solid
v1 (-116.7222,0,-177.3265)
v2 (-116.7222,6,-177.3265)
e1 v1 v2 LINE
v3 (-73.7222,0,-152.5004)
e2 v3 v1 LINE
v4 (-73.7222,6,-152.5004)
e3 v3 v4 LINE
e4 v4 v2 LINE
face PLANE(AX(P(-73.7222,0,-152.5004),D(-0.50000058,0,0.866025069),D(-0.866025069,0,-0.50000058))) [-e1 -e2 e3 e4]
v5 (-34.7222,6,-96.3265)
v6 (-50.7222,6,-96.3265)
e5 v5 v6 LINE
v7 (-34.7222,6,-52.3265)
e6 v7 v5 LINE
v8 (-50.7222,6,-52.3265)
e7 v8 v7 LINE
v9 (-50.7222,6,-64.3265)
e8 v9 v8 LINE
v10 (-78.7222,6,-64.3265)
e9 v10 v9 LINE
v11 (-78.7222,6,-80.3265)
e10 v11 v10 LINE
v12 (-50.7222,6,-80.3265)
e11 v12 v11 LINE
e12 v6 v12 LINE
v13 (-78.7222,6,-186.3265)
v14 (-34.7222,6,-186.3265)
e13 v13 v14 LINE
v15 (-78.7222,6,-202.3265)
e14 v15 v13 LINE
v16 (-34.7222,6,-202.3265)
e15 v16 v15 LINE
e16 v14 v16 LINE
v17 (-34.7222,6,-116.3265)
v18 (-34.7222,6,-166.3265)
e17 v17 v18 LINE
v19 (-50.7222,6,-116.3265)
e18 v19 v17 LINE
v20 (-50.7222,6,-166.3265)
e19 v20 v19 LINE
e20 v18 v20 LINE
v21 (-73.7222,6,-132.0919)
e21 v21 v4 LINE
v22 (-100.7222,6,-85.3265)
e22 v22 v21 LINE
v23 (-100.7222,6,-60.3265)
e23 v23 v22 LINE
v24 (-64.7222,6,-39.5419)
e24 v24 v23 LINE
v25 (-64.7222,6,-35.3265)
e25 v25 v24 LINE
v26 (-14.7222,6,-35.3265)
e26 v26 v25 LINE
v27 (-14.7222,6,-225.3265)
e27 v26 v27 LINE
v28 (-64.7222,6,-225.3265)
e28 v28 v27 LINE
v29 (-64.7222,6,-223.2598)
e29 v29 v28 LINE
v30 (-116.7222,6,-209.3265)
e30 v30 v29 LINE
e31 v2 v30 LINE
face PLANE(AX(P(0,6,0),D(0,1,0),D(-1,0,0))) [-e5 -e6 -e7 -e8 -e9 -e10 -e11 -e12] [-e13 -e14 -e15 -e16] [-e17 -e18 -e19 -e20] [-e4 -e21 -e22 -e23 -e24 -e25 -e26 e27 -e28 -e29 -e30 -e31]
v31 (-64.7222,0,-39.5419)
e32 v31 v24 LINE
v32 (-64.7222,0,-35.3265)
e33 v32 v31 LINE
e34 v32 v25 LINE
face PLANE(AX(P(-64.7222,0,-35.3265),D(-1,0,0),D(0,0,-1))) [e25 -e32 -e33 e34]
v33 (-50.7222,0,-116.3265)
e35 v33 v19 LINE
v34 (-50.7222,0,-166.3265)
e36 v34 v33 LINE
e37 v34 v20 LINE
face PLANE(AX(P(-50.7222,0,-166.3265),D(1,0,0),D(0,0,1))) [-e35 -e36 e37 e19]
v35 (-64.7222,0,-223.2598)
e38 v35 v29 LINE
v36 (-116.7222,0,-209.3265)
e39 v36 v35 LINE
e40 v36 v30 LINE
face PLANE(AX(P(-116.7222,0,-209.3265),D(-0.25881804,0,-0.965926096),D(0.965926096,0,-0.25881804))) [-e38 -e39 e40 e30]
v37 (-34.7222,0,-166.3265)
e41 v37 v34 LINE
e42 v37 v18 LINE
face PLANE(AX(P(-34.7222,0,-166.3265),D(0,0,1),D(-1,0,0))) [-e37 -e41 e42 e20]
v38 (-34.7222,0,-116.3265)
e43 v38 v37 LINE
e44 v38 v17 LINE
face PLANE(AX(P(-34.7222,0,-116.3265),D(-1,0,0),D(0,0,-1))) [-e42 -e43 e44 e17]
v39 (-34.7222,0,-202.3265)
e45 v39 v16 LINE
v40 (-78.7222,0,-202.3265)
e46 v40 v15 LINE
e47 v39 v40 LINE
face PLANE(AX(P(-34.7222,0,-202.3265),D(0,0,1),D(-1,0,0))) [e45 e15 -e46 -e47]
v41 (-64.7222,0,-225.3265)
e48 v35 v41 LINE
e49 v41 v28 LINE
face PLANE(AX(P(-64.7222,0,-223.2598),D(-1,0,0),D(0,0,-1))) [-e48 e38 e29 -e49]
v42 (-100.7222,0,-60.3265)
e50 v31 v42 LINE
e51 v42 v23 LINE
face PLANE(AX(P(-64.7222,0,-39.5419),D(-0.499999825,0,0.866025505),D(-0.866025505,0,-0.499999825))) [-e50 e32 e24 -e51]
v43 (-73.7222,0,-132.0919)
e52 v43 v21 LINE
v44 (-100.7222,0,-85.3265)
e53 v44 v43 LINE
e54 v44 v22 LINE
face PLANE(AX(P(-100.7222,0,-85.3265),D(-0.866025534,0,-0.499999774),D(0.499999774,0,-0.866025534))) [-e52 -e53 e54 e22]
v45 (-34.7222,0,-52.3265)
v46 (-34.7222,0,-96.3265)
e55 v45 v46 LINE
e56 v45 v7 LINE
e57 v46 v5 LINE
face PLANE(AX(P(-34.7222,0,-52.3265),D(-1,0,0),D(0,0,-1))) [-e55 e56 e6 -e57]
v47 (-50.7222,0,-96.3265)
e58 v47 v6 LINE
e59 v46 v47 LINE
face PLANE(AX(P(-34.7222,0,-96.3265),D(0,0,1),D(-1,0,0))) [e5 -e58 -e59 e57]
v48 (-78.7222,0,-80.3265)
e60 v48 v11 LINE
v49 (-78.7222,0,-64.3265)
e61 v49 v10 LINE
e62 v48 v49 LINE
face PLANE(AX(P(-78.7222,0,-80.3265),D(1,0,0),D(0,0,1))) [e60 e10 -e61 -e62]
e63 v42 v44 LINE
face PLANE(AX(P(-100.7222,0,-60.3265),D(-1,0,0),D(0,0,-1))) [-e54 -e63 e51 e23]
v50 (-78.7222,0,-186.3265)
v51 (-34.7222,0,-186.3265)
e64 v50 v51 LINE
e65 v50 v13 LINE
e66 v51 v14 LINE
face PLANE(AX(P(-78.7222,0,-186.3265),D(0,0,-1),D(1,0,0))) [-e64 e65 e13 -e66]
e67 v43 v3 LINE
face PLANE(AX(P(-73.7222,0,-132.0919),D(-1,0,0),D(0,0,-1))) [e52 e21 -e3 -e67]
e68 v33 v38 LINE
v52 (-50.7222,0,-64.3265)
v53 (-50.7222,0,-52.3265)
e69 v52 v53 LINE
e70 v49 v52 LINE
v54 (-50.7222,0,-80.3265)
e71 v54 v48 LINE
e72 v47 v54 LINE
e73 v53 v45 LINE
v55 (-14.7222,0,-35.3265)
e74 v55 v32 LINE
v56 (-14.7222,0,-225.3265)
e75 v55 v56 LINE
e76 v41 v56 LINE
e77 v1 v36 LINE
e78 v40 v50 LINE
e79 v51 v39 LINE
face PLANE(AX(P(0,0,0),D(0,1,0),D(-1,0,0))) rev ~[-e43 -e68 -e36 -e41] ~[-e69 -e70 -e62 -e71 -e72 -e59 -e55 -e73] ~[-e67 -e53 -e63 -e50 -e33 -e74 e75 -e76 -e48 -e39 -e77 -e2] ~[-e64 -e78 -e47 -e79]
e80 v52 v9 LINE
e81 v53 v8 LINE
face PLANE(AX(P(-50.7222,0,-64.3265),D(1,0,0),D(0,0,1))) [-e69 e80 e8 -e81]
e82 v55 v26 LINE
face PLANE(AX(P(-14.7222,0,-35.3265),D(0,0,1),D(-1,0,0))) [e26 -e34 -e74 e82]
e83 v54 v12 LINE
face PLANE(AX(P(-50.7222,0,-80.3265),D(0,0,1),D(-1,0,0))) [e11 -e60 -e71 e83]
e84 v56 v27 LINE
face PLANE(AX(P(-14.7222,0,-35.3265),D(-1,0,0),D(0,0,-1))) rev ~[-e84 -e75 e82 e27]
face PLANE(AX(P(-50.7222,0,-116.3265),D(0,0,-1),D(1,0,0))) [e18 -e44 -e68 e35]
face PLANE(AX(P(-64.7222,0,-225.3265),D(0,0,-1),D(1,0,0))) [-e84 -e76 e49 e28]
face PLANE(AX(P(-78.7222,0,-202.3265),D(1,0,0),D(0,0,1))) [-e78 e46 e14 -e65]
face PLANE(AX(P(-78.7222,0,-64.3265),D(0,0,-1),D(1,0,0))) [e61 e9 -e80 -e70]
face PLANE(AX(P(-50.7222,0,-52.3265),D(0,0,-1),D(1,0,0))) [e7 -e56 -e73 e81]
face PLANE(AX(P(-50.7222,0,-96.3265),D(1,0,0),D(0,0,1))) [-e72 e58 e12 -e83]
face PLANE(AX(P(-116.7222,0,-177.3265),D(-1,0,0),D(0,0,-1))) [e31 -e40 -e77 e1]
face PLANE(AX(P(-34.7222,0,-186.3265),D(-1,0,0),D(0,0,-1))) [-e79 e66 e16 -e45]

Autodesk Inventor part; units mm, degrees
ref_plane "YZ Plane" through (0, 0, 0) normal (1, 0, 0) x (0, 1, 0)
ref_plane "XZ Plane" through (0, 0, 0) normal (0, 1, 0) x (-1, 0, 0)
ref_plane "XY Plane" through (0, 0, 0) normal (0, 0, 1) x (1, 0, 0)
sketch "Sketch1" plane through (0, 0, 0) normal (0, 1, 0) x (-1, 0, 0)
  line L0 (14.7222, -35.3265) -> (64.7222, -35.3265)
  line L1 (64.7222, -35.3265) -> (64.7222, -39.5419)
  line L2 (64.7222, -39.5419) -> (100.7222, -60.3265)
  line L3 (100.7222, -60.3265) -> (100.7222, -85.3265)
  line L4 (100.7222, -85.3265) -> (73.7222, -132.0919)
  line L5 (73.7222, -132.0919) -> (73.7222, -152.5004)
  line L6 (73.7222, -152.5004) -> (116.7222, -177.3265)
  line L7 (116.7222, -209.3265) -> (64.7222, -223.2598)
  line L8 (64.7222, -223.2598) -> (64.7222, -225.3265)
  line L9 (64.7222, -225.3265) -> (14.7222, -225.3265)
  line L10 (78.7222, -64.3265) -> (50.7222, -64.3265)
  line L11 (50.7222, -64.3265) -> (50.7222, -52.3265)
  line L12 (50.7222, -52.3265) -> (34.7222, -52.3265)
  line L13 (34.7222, -52.3265) -> (34.7222, -96.3265)
  line L14 (34.7222, -96.3265) -> (50.7222, -96.3265)
  line L15 (50.7222, -96.3265) -> (50.7222, -80.3265)
  line L16 (50.7222, -80.3265) -> (78.7222, -80.3265)
  line L17 (78.7222, -80.3265) -> (78.7222, -64.3265)
  line L18 (50.7222, -116.3265) -> (34.7222, -116.3265)
  line L19 (34.7222, -116.3265) -> (34.7222, -166.3265)
  line L20 (34.7222, -166.3265) -> (50.7222, -166.3265)
  line L21 (50.7222, -166.3265) -> (50.7222, -116.3265)
  line L22 (78.7222, -186.3265) -> (34.7222, -186.3265)
  line L23 (34.7222, -186.3265) -> (34.7222, -202.3265)
  line L24 (34.7222, -202.3265) -> (78.7222, -202.3265)
  line L25 (78.7222, -202.3265) -> (78.7222, -186.3265)
  line L26 (116.7222, -177.3265) -> (116.7222, -209.3265)
  line L27 (14.7222, -35.3265) -> (14.7222, -225.3265)
  point P0 (0, 0)
  dimension "d2" = 25
  dimension "d3" = 25
  dimension "d4" = 92
  dimension "d5" = 32
  dimension "d6" = 16
  dimension "d10" = 35.3265
  dimension "d13" = 15
  dimension "d14" = 150
  dimension "d15" = 120
  dimension "d16" = 16
  dimension "d17" = 12
  dimension "d18" = 28
  dimension "d19" = 17
  dimension "d20" = 44
  dimension "d21" = 20
  dimension "d22" = 50
  dimension "d24" = 16
  dimension "d25" = 20
  dimension "d26" = 16
  dimension "d27" = 44
  dimension "d36" = 43
  dimension "d37" = 120
  dimension "d38" = 86
  dimension "d39" = 50
  dimension "d40" = 14.7222
  dimension "d41" = 102
  dimension "d42" = 50
  dimension "d43" = 20
extrude "Extrusion1" add sketch "Sketch1" along normal blind 6
properties part number "act_p1_KUMAR" material "Steel, Mild"
